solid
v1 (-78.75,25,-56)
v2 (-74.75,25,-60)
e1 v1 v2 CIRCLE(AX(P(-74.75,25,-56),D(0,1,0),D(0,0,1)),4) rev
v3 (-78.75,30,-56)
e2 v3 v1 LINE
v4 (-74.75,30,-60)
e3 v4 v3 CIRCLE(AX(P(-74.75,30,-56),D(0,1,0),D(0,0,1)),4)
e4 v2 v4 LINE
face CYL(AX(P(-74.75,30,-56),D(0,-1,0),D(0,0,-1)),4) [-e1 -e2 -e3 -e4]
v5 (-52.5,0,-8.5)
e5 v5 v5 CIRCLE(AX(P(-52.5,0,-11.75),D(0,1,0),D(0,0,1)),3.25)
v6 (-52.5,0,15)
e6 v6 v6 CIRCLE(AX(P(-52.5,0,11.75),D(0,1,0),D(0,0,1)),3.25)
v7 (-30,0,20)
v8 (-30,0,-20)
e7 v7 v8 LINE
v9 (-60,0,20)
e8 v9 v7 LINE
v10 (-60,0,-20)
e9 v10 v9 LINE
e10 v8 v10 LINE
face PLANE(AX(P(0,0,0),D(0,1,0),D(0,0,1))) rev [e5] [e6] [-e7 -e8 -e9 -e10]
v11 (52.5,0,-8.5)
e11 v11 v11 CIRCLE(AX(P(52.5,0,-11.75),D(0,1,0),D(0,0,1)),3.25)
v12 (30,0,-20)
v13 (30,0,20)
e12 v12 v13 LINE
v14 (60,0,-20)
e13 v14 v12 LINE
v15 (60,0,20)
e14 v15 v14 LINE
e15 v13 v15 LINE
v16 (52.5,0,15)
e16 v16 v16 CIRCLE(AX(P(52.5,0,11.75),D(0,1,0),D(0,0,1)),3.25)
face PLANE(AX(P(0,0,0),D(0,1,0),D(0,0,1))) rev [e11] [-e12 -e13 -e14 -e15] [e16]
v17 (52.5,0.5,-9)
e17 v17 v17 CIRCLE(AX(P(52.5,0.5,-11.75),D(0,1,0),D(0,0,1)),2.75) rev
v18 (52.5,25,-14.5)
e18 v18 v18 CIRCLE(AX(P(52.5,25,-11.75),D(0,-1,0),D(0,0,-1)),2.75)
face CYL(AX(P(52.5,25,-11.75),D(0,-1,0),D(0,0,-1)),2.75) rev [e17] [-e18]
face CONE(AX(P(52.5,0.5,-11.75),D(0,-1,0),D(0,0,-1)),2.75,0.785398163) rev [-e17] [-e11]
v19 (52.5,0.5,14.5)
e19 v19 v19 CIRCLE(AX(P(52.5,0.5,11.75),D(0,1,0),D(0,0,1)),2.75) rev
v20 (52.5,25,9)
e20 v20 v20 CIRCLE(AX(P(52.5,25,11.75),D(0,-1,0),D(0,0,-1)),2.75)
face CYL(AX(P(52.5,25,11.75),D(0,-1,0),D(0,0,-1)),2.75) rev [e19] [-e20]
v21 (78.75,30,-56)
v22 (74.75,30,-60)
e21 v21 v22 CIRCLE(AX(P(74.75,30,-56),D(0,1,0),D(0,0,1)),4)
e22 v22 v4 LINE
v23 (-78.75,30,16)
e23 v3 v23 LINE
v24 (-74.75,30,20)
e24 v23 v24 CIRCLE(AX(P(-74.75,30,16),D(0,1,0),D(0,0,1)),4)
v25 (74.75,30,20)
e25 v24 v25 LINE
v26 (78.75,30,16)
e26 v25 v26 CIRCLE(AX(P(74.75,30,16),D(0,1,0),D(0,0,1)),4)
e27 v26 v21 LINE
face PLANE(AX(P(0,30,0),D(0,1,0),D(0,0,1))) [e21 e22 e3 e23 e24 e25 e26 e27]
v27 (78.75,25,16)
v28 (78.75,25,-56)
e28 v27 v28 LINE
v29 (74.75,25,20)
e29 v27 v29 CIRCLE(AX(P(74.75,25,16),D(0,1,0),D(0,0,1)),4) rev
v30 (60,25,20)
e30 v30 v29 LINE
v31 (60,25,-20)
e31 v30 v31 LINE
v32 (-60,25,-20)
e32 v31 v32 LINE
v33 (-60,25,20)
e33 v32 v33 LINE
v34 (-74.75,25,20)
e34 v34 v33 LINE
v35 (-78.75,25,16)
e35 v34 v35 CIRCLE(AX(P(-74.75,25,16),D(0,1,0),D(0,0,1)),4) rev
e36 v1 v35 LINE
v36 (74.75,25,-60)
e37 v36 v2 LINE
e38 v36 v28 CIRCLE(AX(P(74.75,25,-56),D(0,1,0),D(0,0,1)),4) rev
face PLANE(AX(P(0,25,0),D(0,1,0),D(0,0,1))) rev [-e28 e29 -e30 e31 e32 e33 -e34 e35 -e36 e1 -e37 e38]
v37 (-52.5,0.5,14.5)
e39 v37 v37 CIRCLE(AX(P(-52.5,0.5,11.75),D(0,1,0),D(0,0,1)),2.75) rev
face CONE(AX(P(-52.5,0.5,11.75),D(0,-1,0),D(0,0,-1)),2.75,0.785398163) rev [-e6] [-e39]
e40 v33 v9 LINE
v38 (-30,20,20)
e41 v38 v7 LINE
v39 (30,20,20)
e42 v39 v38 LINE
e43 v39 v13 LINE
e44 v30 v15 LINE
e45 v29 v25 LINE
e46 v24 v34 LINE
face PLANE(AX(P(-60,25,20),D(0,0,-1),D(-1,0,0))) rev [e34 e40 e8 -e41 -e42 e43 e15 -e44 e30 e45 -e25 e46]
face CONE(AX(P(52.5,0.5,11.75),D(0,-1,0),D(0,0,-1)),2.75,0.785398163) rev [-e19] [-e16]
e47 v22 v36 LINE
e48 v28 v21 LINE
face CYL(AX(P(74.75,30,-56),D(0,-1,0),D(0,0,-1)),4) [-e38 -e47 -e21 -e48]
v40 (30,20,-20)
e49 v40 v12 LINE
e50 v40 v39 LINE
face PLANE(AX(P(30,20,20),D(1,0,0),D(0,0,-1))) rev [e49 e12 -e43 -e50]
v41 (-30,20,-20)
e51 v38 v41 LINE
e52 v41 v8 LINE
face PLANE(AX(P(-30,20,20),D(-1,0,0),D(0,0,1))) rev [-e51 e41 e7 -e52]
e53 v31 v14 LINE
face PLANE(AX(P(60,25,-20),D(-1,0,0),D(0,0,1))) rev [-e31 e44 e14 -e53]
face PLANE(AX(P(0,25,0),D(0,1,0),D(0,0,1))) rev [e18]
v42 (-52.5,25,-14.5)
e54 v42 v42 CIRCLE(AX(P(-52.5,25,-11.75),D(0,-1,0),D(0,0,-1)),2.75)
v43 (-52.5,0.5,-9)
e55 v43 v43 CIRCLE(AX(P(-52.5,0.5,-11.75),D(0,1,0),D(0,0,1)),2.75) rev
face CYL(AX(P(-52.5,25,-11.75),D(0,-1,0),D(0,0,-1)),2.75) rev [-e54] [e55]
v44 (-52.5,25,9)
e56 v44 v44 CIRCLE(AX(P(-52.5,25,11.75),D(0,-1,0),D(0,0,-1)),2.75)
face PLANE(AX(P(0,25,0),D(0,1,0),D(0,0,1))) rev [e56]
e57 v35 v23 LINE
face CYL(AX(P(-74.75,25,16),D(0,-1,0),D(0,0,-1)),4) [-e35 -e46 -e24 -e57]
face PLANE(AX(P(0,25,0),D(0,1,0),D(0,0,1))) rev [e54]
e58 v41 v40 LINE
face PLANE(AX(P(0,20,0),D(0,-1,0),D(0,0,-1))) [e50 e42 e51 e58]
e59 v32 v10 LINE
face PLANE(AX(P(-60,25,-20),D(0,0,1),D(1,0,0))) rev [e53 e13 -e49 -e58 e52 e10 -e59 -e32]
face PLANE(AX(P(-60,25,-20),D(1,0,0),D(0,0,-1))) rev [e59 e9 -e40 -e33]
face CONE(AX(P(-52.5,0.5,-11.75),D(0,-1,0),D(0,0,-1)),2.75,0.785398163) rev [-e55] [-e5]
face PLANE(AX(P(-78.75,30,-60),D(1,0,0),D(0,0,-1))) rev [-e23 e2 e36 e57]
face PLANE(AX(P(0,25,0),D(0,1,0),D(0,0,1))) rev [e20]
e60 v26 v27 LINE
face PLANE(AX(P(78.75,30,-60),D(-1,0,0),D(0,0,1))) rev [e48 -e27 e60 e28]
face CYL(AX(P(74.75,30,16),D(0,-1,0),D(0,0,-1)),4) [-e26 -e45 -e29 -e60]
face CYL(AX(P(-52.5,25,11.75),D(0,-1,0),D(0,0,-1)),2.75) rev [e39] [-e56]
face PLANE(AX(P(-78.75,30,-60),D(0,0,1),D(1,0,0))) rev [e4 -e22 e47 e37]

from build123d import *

# Parameters (mm, degrees)
SKETCH_1_W          = 120
SKETCH_1_H          = 40
EXTRUDE_1_DEPTH     = 25
SKETCH_2_R          = 2.75
CUT_EXTRUDE_1_DEPTH = 25
SKETCH_5_W          = 157.5
SKETCH_5_H          = 80
EXTRUDE_2_DEPTH     = 5
SKETCH_6_W          = 60
SKETCH_6_H          = 40
CUT_EXTRUDE_3_DEPTH = 20
FILLET_1_R          = 4
CHAMFER_1_SIZE      = 0.5


with BuildPart() as part:
    # 草图1 → 凸台-拉伸1 (new body)
    with BuildSketch(Plane(origin=(0, 0, 0), x_dir=(1, 0, 0), z_dir=(0, 1, 0))):
        Rectangle(SKETCH_1_W, SKETCH_1_H)
    extrude(amount=EXTRUDE_1_DEPTH)

    # 草图2 → 切除-拉伸1 (cut)
    with BuildSketch(Plane.XZ):
        with Locations(Location((-52.5, 11.75, 0), (0, 0, 270))):
            Circle(SKETCH_2_R)
        with Locations(Location((-52.5, -11.75, 0), (0, 0, 270))):
            Circle(SKETCH_2_R)
        with Locations(Location((52.5, -11.75, 0), (0, 0, 270))):
            Circle(SKETCH_2_R)
        with Locations(Location((52.5, 11.75, 0), (0, 0, 270))):
            Circle(SKETCH_2_R)
    extrude(amount=-CUT_EXTRUDE_1_DEPTH, mode=Mode.SUBTRACT)

    # 草图5 → 凸台-拉伸2 (add)
    with BuildSketch(Plane(origin=(0, 25, 0), x_dir=(1, 0, 0), z_dir=(0, 1, 0))):
        with Locations((0, 20)):
            Rectangle(SKETCH_5_W, SKETCH_5_H)
    extrude(amount=EXTRUDE_2_DEPTH)

    # 草图6 → 切除-拉伸3 (cut)
    with BuildSketch(Plane.XZ):
        Rectangle(SKETCH_6_W, SKETCH_6_H)
    extrude(amount=-CUT_EXTRUDE_3_DEPTH, mode=Mode.SUBTRACT)

    # 圆角1
    fillet_1_edges = [part.edges().sort_by_distance(p)[0] for p in [
        (-78.75, 27.5, -60),
        (-78.75, 27.5, 20),
        (78.75, 27.5, 20),
        (78.75, 27.5, -60),
    ]]
    fillet(fillet_1_edges, radius=FILLET_1_R)

    # 倒角1
    chamfer_1_edges = [part.edges().sort_by_distance(p)[0] for p in [
        (52.5, 0, 14.5),
        (52.5, 0, -9),
        (-52.5, 0, -9),
        (-52.5, 0, 14.5),
    ]]
    chamfer(chamfer_1_edges, length=CHAMFER_1_SIZE)


solid = part.part
